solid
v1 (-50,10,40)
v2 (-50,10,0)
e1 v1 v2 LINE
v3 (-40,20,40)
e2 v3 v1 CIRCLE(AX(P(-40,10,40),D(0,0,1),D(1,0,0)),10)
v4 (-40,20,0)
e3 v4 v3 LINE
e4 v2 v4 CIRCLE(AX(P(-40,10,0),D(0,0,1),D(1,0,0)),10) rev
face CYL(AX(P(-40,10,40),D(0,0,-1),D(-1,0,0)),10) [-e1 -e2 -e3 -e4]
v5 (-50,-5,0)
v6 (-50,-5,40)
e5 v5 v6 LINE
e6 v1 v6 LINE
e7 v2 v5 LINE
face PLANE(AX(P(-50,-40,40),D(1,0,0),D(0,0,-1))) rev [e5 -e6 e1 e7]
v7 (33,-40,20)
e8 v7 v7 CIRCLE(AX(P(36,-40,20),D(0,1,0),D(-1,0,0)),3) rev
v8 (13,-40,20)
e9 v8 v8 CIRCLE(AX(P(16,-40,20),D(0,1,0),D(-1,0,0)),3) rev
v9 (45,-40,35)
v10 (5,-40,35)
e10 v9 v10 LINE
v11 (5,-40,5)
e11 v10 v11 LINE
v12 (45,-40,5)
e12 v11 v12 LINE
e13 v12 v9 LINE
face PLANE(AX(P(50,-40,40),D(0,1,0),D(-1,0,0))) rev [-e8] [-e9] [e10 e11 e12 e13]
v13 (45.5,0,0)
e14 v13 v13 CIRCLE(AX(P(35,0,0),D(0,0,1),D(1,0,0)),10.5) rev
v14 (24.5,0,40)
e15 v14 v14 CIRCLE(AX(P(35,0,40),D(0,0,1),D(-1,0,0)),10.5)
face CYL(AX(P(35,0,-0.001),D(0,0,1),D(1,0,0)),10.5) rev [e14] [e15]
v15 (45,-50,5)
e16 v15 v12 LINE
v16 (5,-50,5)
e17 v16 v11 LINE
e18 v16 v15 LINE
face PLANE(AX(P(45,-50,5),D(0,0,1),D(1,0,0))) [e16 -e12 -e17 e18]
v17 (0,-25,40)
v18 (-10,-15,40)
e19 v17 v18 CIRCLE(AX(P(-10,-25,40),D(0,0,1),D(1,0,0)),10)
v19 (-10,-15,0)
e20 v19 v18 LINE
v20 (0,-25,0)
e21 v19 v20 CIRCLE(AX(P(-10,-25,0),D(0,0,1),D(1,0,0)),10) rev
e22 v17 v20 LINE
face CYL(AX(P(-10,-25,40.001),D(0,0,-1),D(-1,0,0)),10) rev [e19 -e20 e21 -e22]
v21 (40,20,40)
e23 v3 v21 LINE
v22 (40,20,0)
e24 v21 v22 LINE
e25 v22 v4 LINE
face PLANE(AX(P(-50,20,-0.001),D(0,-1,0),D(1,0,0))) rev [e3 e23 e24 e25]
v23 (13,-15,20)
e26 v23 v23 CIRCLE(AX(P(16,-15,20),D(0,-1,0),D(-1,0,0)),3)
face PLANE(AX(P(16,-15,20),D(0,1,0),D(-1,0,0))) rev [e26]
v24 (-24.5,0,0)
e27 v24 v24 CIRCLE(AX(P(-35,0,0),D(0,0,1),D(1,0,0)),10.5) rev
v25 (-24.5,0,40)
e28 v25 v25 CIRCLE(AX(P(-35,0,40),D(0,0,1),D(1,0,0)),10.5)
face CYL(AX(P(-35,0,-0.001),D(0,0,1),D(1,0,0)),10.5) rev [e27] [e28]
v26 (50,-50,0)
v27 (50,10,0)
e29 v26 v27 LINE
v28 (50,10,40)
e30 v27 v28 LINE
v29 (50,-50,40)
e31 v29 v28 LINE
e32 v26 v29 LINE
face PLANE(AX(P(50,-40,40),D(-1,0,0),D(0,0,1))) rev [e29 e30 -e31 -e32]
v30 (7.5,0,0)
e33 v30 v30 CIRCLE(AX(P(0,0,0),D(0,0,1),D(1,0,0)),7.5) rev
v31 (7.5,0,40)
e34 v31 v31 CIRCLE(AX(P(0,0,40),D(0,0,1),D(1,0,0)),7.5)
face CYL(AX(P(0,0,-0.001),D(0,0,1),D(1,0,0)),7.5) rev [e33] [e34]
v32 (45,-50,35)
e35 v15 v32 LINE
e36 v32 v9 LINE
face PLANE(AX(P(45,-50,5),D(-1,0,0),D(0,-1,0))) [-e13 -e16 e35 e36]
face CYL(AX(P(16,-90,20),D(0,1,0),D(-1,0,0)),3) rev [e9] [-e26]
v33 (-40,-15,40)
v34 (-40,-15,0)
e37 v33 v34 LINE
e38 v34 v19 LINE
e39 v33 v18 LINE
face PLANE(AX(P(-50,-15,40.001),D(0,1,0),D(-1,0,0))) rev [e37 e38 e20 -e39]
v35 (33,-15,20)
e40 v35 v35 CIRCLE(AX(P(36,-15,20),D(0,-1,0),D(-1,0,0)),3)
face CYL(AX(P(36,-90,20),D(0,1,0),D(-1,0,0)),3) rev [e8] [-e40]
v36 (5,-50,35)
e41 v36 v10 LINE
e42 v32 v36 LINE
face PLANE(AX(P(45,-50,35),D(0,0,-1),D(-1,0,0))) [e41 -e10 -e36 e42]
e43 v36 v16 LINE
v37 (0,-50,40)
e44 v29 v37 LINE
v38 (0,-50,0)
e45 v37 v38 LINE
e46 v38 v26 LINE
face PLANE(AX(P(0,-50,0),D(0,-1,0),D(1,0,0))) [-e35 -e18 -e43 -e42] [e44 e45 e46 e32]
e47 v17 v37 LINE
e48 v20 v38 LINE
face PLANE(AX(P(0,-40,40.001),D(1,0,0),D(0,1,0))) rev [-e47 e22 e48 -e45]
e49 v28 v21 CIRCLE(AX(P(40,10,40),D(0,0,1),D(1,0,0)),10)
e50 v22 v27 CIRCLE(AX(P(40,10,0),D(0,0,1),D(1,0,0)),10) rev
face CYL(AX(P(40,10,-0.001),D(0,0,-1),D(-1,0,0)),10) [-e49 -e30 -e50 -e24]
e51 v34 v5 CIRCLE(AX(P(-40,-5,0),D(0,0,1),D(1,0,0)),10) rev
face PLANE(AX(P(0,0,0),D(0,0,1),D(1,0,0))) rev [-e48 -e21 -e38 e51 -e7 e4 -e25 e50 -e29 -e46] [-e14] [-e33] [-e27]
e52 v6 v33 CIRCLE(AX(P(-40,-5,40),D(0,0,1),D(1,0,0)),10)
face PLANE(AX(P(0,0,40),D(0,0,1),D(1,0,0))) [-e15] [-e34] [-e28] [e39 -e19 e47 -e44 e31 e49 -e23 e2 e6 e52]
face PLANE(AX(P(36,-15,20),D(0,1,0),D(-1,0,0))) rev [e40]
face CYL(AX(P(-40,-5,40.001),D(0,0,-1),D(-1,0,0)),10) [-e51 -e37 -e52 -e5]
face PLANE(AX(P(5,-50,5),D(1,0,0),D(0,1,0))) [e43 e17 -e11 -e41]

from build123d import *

# Parameters (mm, degrees)
SKETCH1_W               = 100
SKETCH1_H               = 80
BOSS_EXTRUDE1_DEPTH     = 40
CUT_EXTRUDE1_REACH      = 77.498
SKETCH2_R               = 7.5
SKETCH2_R_2             = 10.5
CUT_EXTRUDE2_REACH      = 77.498
SKETCH3_W               = 100
SKETCH3_H               = 20
CUT_EXTRUDE3_DEPTH      = 50
CUT_EXTRUDE3_DEPTH_BACK = 25
SKETCH4_R               = 3
CUT_EXTRUDE4_REACH      = 77.498
SKETCH5_W               = 50
SKETCH5_H               = 25
FILLET1_R               = 10
FILLET2_R               = 10
FILLET3_R               = 10
FILLET4_R               = 10
SKETCH6_W               = 50
SKETCH6_H               = 40
SKETCH6_W_2             = 40
SKETCH6_H_2             = 30
BOSS_EXTRUDE2_DEPTH     = 10


with BuildPart() as part:
    # Sketch1 → Boss-Extrude1 (new body)
    with BuildSketch(Plane.XY):
        Rectangle(SKETCH1_W, SKETCH1_H)
    extrude(amount=BOSS_EXTRUDE1_DEPTH)

    # Sketch2 → Cut-Extrude1 (cut, up to next)
    with BuildSketch(Plane.XY.offset(40), mode=Mode.PRIVATE) as cut_extrude1_sk1:
        Circle(SKETCH2_R)
    cut_extrude1_tool1 = extrude(cut_extrude1_sk1.sketch, amount=-CUT_EXTRUDE1_REACH, mode=Mode.PRIVATE) & part.part
    # Sketch2 → Cut-Extrude1 (cut, up to next)
    with BuildSketch(Plane.XY.offset(40), mode=Mode.PRIVATE) as cut_extrude1_sk2:
        with Locations((-35, 0)):
            Circle(SKETCH2_R_2)
    cut_extrude1_tool2 = extrude(cut_extrude1_sk2.sketch, amount=-CUT_EXTRUDE1_REACH, mode=Mode.PRIVATE) & part.part
    # Sketch2 → Cut-Extrude1 (cut, up to next)
    with BuildSketch(Plane.XY.offset(40), mode=Mode.PRIVATE) as cut_extrude1_sk3:
        with Locations((35, 0)):
            Circle(SKETCH2_R_2)
    cut_extrude1_tool3 = extrude(cut_extrude1_sk3.sketch, amount=-CUT_EXTRUDE1_REACH, mode=Mode.PRIVATE) & part.part
    add(cut_extrude1_tool1.solids().sort_by_distance((0, 0, 40))[0], mode=Mode.SUBTRACT)
    add(cut_extrude1_tool2.solids().sort_by_distance((-35, 0, 40))[0], mode=Mode.SUBTRACT)
    add(cut_extrude1_tool3.solids().sort_by_distance((35, 0, 40))[0], mode=Mode.SUBTRACT)

    # Sketch3 → Cut-Extrude2 (cut, up to next)
    with BuildSketch(Plane.XY.offset(40), mode=Mode.PRIVATE) as cut_extrude2_sk1:
        with Locations((0, 30)):
            Rectangle(SKETCH3_W, SKETCH3_H)
    cut_extrude2_tool1 = extrude(cut_extrude2_sk1.sketch, amount=-CUT_EXTRUDE2_REACH, mode=Mode.PRIVATE) & part.part
    add(cut_extrude2_tool1.solids().sort_by_distance((0, 30, 40))[0], mode=Mode.SUBTRACT)

    # Sketch4 → Cut-Extrude3 (cut, two sides: drawn at the far end of the back side and taken through both)
    with BuildSketch(Plane.XZ.offset(40).offset(-CUT_EXTRUDE3_DEPTH_BACK)):
        with Locations(Location((16, 20, 0), (0, 0, 180))):
            Circle(SKETCH4_R)
        with Locations(Location((36, 20, 0), (0, 0, 180))):
            Circle(SKETCH4_R)
    extrude(amount=CUT_EXTRUDE3_DEPTH + CUT_EXTRUDE3_DEPTH_BACK, mode=Mode.SUBTRACT)

    # Sketch5 → Cut-Extrude4 (cut, up to next)
    with BuildSketch(Plane(origin=(0, 0, 0), x_dir=(-1, 0, 0), z_dir=(0, 0, -1)), mode=Mode.PRIVATE) as cut_extrude4_sk1:
        with Locations((25, -27.5)):
            Rectangle(SKETCH5_W, SKETCH5_H)
    cut_extrude4_tool1 = extrude(cut_extrude4_sk1.sketch, amount=-CUT_EXTRUDE4_REACH, mode=Mode.PRIVATE) & part.part
    add(cut_extrude4_tool1.solids().sort_by_distance((-25, -27.5, 0))[0], mode=Mode.SUBTRACT)

    # Fillet1
    fillet1_edges = [part.edges().sort_by_distance(p)[0] for p in [
        (0, -15, 20),
    ]]
    fillet(fillet1_edges, radius=FILLET1_R)

    # Fillet2
    fillet2_edges = [part.edges().sort_by_distance(p)[0] for p in [
        (-50, -15, 20),
    ]]
    fillet(fillet2_edges, radius=FILLET2_R)

    # Fillet3
    fillet3_edges = [part.edges().sort_by_distance(p)[0] for p in [
        (-50, 20, 20),
    ]]
    fillet(fillet3_edges, radius=FILLET3_R)

    # Fillet4
    fillet4_edges = [part.edges().sort_by_distance(p)[0] for p in [
        (50, 20, 20),
    ]]
    fillet(fillet4_edges, radius=FILLET4_R)

    # Sketch6 → Boss-Extrude2 (add)
    with BuildSketch(Plane.XZ.offset(40)):
        with Locations((25, 20)):
            Rectangle(SKETCH6_W, SKETCH6_H)
        with Locations((25, 20)):
            Rectangle(SKETCH6_W_2, SKETCH6_H_2, mode=Mode.SUBTRACT)
    extrude(amount=BOSS_EXTRUDE2_DEPTH)


solid = part.part
